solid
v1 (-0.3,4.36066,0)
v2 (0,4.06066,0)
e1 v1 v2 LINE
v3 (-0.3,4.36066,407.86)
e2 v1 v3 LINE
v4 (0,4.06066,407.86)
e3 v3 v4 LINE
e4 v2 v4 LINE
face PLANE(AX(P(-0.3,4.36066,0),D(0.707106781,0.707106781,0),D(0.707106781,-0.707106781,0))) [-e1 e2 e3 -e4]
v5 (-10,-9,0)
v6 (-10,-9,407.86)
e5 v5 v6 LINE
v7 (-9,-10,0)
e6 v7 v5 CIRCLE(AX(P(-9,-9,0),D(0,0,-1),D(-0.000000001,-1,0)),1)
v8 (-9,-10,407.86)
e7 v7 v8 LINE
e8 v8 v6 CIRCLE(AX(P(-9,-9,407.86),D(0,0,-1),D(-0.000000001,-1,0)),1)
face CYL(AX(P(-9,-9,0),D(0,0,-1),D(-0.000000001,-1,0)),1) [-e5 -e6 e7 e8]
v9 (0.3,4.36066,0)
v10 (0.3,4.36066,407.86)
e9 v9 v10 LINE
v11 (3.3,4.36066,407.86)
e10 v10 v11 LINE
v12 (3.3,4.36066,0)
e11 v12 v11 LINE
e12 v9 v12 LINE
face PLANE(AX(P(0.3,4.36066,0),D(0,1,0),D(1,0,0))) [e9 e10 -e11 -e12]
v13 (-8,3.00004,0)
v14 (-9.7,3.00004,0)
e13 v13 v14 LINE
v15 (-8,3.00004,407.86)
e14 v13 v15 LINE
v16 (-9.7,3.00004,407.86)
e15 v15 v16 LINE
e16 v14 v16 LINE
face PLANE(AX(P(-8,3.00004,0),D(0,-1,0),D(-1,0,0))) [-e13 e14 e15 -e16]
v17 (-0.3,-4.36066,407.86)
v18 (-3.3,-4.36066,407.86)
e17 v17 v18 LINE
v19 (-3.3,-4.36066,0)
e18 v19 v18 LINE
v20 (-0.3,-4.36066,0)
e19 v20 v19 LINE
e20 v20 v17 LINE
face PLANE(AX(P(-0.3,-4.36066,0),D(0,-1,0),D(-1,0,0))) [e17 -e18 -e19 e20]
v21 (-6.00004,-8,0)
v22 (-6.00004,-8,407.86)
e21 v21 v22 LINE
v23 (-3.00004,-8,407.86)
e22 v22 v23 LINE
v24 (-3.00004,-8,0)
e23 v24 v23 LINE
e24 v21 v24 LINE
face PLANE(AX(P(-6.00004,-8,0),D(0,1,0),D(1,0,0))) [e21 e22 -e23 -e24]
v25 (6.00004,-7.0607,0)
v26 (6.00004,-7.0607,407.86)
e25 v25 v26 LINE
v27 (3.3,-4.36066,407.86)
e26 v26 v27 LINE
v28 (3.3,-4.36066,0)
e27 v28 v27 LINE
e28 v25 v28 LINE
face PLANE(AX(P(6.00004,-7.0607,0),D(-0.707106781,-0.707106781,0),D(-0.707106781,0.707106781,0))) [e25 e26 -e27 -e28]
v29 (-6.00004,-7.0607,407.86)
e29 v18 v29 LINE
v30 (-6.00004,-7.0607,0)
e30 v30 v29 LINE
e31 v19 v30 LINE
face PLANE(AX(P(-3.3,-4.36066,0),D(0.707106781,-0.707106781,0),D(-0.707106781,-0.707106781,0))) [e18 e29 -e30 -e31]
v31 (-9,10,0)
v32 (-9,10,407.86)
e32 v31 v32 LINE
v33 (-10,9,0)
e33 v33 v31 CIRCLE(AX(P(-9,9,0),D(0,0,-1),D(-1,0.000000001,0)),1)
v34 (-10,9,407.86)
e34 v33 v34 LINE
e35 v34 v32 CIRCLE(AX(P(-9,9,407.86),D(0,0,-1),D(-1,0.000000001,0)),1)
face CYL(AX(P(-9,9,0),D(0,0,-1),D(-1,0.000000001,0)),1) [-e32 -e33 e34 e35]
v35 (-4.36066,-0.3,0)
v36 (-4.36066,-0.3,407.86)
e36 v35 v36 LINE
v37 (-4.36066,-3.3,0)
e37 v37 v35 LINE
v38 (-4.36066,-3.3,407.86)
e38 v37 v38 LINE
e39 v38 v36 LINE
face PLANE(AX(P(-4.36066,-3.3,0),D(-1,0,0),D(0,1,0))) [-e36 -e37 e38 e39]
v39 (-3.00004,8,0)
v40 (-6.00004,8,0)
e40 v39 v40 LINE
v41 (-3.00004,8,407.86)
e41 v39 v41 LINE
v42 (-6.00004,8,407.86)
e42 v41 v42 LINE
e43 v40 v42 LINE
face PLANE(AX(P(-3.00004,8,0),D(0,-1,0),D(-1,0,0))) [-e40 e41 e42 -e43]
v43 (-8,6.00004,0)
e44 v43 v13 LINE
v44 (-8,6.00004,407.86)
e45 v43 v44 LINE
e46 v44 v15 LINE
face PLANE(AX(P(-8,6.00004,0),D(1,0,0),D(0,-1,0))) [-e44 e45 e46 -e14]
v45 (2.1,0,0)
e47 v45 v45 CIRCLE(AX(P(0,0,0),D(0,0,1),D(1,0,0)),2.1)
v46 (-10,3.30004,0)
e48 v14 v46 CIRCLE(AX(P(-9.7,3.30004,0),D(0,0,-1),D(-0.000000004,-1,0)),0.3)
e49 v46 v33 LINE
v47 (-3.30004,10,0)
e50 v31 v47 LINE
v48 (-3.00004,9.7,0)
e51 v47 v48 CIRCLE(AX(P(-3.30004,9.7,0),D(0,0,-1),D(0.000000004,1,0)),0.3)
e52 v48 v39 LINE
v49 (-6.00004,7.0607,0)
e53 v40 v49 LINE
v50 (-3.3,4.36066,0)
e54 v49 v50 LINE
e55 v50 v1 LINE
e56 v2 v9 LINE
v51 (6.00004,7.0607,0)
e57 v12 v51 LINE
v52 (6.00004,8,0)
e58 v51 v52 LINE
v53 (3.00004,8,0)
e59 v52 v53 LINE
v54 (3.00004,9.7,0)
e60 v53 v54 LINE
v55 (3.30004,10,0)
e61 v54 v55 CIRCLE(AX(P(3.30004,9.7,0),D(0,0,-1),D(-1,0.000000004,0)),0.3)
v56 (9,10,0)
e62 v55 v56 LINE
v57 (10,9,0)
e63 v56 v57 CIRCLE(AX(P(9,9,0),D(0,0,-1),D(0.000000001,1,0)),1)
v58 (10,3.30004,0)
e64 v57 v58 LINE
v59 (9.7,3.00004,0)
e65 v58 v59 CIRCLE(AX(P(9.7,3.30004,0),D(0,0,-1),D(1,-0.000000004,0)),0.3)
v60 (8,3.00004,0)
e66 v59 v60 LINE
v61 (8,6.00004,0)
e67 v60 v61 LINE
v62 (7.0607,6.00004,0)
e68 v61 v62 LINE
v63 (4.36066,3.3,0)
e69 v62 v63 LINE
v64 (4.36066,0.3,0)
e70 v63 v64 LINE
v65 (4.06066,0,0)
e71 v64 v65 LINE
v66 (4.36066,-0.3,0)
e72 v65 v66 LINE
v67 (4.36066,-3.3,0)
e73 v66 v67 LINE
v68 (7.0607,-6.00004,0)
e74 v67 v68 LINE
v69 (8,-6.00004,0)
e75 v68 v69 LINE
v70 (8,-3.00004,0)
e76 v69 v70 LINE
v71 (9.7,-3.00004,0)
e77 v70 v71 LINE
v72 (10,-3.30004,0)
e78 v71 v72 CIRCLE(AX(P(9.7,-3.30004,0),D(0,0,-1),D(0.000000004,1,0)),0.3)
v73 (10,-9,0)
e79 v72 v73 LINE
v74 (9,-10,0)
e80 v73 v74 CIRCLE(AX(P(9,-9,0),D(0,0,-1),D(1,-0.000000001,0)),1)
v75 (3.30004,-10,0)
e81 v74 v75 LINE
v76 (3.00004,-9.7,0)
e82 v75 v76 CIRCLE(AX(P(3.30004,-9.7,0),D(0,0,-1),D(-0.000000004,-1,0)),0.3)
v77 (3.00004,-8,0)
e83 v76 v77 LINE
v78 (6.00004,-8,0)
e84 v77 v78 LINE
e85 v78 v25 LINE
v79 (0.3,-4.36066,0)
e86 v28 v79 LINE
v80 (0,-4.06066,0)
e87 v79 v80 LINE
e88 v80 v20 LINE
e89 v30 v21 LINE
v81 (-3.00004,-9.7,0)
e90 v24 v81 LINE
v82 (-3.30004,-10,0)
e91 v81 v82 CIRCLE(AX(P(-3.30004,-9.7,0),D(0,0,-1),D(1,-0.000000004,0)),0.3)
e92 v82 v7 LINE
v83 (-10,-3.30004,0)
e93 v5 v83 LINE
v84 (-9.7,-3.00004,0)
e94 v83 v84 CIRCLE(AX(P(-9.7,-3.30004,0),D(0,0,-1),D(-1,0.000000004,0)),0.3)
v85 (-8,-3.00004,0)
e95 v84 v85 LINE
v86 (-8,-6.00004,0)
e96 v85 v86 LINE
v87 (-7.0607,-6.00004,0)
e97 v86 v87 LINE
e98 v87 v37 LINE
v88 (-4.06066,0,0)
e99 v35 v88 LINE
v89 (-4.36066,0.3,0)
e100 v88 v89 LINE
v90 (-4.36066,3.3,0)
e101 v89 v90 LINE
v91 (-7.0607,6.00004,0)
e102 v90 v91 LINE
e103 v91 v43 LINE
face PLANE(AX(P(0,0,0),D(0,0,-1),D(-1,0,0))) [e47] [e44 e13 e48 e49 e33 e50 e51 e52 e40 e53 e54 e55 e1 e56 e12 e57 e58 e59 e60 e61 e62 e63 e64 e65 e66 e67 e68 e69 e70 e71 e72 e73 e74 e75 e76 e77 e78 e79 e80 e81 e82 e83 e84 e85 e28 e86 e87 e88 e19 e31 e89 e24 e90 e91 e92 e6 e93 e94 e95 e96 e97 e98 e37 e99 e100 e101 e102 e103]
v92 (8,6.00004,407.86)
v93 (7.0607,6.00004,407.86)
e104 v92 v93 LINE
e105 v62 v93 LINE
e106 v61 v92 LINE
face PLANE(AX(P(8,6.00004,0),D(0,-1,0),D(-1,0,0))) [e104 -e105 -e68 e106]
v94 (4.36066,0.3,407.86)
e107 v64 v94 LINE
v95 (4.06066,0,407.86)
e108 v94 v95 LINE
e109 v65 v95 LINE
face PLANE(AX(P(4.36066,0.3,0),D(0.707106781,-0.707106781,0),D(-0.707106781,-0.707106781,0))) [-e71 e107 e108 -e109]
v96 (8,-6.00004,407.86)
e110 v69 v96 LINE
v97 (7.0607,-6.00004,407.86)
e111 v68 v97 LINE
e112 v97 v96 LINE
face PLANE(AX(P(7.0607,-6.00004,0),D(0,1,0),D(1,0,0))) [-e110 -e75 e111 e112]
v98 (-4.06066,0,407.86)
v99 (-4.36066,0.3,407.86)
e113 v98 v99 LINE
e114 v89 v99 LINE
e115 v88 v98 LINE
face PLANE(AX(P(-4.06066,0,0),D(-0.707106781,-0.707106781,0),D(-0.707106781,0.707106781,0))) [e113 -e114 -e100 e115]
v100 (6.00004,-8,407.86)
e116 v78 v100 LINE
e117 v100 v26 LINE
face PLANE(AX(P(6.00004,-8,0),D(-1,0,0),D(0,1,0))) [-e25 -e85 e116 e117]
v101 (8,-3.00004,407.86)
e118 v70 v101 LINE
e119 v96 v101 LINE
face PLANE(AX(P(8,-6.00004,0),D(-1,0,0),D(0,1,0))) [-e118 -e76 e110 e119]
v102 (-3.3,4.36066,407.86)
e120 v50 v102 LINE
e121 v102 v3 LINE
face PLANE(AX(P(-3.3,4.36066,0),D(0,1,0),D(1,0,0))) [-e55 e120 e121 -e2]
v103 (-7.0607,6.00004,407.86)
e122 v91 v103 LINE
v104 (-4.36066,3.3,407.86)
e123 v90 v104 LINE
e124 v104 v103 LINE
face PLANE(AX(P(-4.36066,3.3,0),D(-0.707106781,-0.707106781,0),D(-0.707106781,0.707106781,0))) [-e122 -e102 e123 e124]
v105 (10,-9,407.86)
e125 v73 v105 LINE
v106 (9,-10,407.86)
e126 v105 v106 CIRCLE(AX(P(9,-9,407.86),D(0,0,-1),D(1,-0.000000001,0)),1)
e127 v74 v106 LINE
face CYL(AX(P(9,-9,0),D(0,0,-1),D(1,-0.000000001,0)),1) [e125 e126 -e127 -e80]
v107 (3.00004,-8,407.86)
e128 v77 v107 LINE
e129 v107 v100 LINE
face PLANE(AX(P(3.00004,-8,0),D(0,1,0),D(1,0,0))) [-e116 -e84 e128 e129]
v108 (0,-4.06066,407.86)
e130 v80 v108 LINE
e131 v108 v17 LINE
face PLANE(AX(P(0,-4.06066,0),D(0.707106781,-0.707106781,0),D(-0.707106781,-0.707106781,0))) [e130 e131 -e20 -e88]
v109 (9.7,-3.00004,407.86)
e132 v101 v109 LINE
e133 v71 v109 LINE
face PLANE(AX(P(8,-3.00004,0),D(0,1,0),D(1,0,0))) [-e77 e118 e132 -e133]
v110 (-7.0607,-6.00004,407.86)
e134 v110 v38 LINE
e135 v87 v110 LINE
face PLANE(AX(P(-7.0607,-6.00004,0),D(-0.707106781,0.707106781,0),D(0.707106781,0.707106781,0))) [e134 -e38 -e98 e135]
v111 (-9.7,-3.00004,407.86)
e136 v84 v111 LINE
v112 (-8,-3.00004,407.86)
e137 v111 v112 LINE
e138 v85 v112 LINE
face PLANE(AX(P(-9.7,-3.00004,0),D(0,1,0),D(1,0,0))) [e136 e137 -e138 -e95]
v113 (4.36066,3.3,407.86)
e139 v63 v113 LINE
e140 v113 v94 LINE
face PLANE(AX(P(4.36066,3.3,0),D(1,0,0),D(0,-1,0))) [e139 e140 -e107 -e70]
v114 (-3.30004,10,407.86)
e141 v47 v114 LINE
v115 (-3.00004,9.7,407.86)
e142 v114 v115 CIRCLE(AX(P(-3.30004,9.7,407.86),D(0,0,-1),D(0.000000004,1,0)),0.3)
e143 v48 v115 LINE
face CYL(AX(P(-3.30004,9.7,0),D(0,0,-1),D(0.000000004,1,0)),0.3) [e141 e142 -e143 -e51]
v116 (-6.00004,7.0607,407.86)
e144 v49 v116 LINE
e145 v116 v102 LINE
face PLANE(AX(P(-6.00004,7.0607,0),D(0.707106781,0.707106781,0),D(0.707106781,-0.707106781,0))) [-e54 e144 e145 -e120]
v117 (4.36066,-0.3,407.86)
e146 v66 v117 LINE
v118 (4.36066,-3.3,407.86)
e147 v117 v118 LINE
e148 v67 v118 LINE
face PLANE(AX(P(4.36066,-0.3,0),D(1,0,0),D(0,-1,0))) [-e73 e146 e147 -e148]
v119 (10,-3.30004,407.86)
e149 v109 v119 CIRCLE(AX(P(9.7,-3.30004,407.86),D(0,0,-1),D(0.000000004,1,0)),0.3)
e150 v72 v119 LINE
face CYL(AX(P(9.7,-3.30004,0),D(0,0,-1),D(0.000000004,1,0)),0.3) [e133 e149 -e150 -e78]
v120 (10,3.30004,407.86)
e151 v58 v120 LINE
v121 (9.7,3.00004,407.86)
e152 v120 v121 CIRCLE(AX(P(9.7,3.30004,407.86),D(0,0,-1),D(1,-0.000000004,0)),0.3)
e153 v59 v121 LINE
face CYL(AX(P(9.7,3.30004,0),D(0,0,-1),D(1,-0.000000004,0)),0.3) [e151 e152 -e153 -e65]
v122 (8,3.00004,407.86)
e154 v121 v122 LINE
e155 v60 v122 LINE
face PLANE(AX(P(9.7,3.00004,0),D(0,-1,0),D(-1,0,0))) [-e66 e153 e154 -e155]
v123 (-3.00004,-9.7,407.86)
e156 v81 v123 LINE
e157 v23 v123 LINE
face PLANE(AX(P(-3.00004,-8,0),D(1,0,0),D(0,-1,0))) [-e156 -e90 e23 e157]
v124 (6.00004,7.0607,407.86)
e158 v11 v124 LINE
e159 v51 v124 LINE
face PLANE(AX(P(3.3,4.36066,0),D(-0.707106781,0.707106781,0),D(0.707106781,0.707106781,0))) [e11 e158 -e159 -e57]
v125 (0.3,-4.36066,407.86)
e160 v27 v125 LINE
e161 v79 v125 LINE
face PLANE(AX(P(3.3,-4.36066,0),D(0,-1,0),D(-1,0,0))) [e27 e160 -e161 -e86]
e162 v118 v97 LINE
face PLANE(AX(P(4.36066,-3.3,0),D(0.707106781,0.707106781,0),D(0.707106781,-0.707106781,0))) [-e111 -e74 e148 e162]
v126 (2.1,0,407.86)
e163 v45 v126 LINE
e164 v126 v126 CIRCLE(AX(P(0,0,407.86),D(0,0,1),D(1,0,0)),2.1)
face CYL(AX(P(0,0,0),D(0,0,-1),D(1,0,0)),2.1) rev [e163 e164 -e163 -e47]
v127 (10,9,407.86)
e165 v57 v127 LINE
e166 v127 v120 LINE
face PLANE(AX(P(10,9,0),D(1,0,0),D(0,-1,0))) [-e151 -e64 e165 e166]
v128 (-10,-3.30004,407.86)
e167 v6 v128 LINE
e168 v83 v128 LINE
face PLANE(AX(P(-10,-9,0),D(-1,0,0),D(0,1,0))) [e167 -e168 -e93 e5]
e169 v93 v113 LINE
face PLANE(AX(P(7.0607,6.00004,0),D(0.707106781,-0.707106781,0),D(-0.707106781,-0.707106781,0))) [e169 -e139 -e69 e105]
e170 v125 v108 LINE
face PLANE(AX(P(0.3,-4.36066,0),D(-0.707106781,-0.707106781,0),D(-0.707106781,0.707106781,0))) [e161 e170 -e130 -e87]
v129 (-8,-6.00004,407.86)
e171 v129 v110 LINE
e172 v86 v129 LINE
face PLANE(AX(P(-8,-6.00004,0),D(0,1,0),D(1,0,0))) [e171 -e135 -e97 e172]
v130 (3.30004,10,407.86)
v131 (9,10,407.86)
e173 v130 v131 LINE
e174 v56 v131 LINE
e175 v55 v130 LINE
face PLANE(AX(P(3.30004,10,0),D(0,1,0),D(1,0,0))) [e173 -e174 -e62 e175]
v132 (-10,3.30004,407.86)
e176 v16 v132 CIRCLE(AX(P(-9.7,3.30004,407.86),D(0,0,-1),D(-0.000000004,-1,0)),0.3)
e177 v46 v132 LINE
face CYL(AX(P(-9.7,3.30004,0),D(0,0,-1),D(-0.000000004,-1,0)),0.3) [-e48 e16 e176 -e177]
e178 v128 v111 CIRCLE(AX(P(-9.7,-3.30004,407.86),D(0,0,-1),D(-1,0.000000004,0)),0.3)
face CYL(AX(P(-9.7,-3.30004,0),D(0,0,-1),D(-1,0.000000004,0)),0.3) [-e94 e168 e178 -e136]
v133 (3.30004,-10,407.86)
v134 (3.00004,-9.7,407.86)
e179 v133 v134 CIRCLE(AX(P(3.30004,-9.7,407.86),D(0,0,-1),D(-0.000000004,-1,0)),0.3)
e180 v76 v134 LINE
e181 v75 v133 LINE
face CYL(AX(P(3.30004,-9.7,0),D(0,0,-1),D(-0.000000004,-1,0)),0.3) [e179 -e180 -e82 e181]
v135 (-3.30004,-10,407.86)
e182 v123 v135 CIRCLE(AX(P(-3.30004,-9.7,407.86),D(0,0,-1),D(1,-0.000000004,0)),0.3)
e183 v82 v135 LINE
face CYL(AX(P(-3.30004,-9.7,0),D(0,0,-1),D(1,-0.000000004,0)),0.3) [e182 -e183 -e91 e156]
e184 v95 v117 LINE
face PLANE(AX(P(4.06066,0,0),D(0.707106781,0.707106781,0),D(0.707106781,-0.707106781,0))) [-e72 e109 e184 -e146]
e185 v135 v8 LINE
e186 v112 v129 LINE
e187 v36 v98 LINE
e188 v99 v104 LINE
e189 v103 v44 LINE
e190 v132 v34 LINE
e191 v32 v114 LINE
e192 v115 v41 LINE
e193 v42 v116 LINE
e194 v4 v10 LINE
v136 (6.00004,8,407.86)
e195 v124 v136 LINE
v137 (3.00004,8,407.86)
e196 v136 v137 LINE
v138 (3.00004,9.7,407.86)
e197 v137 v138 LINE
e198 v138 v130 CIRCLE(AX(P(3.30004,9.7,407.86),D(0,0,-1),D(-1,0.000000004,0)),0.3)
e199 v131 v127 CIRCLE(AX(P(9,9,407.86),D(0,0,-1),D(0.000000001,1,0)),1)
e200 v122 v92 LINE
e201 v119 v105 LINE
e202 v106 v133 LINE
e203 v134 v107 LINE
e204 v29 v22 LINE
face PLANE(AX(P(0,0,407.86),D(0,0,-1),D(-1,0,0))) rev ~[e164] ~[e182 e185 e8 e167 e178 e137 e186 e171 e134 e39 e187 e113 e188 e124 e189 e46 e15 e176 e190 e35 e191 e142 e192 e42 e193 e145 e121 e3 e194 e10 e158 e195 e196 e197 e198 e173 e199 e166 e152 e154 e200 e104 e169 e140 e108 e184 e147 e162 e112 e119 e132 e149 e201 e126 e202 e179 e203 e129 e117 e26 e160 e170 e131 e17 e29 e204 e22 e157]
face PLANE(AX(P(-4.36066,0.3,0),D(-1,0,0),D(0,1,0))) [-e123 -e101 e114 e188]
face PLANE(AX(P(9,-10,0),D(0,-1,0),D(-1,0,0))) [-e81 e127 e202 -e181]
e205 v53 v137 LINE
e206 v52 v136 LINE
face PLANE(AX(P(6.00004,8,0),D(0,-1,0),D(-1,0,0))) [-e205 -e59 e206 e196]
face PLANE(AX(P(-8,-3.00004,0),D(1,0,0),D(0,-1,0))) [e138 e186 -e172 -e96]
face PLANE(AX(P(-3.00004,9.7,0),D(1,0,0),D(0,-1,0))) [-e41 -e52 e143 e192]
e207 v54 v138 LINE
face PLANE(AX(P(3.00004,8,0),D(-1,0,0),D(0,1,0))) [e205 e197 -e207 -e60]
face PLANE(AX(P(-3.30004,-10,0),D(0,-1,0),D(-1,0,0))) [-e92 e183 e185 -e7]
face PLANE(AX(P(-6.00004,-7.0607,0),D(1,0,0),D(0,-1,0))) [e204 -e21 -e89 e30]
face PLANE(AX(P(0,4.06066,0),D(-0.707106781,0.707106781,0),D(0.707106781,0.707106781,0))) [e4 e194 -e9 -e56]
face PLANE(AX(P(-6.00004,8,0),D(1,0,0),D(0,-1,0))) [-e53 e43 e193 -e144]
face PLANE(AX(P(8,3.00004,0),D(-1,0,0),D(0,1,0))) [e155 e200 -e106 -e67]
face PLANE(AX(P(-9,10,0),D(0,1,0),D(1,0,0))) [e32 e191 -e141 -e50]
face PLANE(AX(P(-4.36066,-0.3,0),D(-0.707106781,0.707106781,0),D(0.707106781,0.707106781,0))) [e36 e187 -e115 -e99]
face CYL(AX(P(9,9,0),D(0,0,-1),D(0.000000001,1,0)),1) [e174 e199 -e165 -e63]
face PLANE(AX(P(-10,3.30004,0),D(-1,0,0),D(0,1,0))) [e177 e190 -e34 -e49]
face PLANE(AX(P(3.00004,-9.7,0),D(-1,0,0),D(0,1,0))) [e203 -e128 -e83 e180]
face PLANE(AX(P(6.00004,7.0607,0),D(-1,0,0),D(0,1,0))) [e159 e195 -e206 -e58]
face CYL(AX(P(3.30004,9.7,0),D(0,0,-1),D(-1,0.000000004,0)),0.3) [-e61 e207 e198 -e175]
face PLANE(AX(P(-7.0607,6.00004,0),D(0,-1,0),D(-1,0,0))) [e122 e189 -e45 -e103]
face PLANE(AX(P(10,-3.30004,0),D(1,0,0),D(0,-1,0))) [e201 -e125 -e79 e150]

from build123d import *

# Parameters (mm, degrees)
SKETCH1_R           = 2.1
BOSS_EXTRUDE1_DEPTH = 407.86


with BuildPart() as part:
    # Sketch1 → Boss-Extrude1 (new body)
    with BuildSketch(Plane.XY):
        with BuildLine():
            Line((3.3, 4.360660172), (6.000039828, 7.0607))
            Line((6.000039828, 7.0607), (6.000039828, 8))
            Line((6.000039828, 8), (3.000039828, 8))
            Line((3.000039828, 8), (3.000039828, 9.7))
            ThreePointArc((3.000039828, 9.7), (3.087907794, 9.912132034), (3.300039828, 10))
            Line((3.300039828, 10), (9, 10))
            ThreePointArc((9, 10), (9.707106781, 9.707106781), (10, 9))
            Line((10, 9), (10, 3.300039828))
            ThreePointArc((10, 3.300039828), (9.912132034, 3.087907794), (9.7, 3.000039828))
            Line((9.7, 3.000039828), (8, 3.000039828))
            Line((8, 3.000039828), (8, 6.000039828))
            Line((8, 6.000039828), (7.0607, 6.000039828))
            Line((7.0607, 6.000039828), (4.360660172, 3.3))
            Line((4.360660172, 3.3), (4.360660172, 0.3))
            Line((4.360660172, 0.3), (4.060660172, 0))
            Line((4.060660172, 0), (4.360660172, -0.3))
            Line((4.360660172, -0.3), (4.360660172, -3.3))
            Line((4.360660172, -3.3), (7.0607, -6.000039828))
            Line((7.0607, -6.000039828), (8, -6.000039828))
            Line((8, -6.000039828), (8, -3.000039828))
            Line((8, -3.000039828), (9.7, -3.000039828))
            ThreePointArc((9.7, -3.000039828), (9.912132034, -3.087907794), (10, -3.300039828))
            Line((10, -3.300039828), (10, -9))
            ThreePointArc((10, -9), (9.707106781, -9.707106781), (9, -10))
            Line((9, -10), (3.300039828, -10))
            ThreePointArc((3.300039828, -10), (3.087907794, -9.912132034), (3.000039828, -9.7))
            Line((3.000039828, -9.7), (3.000039828, -8))
            Line((3.000039828, -8), (6.000039828, -8))
            Line((6.000039828, -8), (6.000039828, -7.0607))
            Line((6.000039828, -7.0607), (3.3, -4.360660172))
            Line((3.3, -4.360660172), (0.3, -4.360660172))
            Line((0.3, -4.360660172), (0, -4.060660172))
            Line((0, -4.060660172), (-0.3, -4.360660172))
            Line((-0.3, -4.360660172), (-3.3, -4.360660172))
            Line((-3.3, -4.360660172), (-6.000039828, -7.0607))
            Line((-6.000039828, -7.0607), (-6.000039828, -8))
            Line((-6.000039828, -8), (-3.000039828, -8))
            Line((-3.000039828, -8), (-3.000039828, -9.7))
            ThreePointArc((-3.000039828, -9.7), (-3.087907794, -9.912132034), (-3.300039828, -10))
            Line((-3.300039828, -10), (-9, -10))
            ThreePointArc((-9, -10), (-9.707106781, -9.707106781), (-10, -9))
            Line((-10, -9), (-10, -3.300039828))
            ThreePointArc((-10, -3.300039828), (-9.912132034, -3.087907794), (-9.7, -3.000039828))
            Line((-9.7, -3.000039828), (-8, -3.000039828))
            Line((-8, -3.000039828), (-8, -6.000039828))
            Line((-8, -6.000039828), (-7.0607, -6.000039828))
            Line((-7.0607, -6.000039828), (-4.360660172, -3.3))
            Line((-4.360660172, -3.3), (-4.360660172, -0.3))
            Line((-4.360660172, -0.3), (-4.060660172, 0))
            Line((-4.060660172, 0), (-4.360660172, 0.3))
            Line((-4.360660172, 0.3), (-4.360660172, 3.3))
            Line((-4.360660172, 3.3), (-7.0607, 6.000039828))
            Line((-7.0607, 6.000039828), (-8, 6.000039828))
            Line((-8, 6.000039828), (-8, 3.000039828))
            Line((-8, 3.000039828), (-9.7, 3.000039828))
            ThreePointArc((-9.7, 3.000039828), (-9.912132034, 3.087907794), (-10, 3.300039828))
            Line((-10, 3.300039828), (-10, 9))
            ThreePointArc((-10, 9), (-9.707106781, 9.707106781), (-9, 10))
            Line((-9, 10), (-3.300039828, 10))
            ThreePointArc((-3.300039828, 10), (-3.087907794, 9.912132034), (-3.000039828, 9.7))
            Line((-3.000039828, 9.7), (-3.000039828, 8))
            Line((-3.000039828, 8), (-6.000039828, 8))
            Line((-6.000039828, 8), (-6.000039828, 7.0607))
            Line((-6.000039828, 7.0607), (-3.3, 4.360660172))
            Line((-3.3, 4.360660172), (-0.3, 4.360660172))
            Line((-0.3, 4.360660172), (0, 4.060660172))
            Line((0, 4.060660172), (0.3, 4.360660172))
            Line((0.3, 4.360660172), (3.3, 4.360660172))
        make_face()
        Circle(SKETCH1_R, mode=Mode.SUBTRACT)
    extrude(amount=BOSS_EXTRUDE1_DEPTH)


solid = part.part
